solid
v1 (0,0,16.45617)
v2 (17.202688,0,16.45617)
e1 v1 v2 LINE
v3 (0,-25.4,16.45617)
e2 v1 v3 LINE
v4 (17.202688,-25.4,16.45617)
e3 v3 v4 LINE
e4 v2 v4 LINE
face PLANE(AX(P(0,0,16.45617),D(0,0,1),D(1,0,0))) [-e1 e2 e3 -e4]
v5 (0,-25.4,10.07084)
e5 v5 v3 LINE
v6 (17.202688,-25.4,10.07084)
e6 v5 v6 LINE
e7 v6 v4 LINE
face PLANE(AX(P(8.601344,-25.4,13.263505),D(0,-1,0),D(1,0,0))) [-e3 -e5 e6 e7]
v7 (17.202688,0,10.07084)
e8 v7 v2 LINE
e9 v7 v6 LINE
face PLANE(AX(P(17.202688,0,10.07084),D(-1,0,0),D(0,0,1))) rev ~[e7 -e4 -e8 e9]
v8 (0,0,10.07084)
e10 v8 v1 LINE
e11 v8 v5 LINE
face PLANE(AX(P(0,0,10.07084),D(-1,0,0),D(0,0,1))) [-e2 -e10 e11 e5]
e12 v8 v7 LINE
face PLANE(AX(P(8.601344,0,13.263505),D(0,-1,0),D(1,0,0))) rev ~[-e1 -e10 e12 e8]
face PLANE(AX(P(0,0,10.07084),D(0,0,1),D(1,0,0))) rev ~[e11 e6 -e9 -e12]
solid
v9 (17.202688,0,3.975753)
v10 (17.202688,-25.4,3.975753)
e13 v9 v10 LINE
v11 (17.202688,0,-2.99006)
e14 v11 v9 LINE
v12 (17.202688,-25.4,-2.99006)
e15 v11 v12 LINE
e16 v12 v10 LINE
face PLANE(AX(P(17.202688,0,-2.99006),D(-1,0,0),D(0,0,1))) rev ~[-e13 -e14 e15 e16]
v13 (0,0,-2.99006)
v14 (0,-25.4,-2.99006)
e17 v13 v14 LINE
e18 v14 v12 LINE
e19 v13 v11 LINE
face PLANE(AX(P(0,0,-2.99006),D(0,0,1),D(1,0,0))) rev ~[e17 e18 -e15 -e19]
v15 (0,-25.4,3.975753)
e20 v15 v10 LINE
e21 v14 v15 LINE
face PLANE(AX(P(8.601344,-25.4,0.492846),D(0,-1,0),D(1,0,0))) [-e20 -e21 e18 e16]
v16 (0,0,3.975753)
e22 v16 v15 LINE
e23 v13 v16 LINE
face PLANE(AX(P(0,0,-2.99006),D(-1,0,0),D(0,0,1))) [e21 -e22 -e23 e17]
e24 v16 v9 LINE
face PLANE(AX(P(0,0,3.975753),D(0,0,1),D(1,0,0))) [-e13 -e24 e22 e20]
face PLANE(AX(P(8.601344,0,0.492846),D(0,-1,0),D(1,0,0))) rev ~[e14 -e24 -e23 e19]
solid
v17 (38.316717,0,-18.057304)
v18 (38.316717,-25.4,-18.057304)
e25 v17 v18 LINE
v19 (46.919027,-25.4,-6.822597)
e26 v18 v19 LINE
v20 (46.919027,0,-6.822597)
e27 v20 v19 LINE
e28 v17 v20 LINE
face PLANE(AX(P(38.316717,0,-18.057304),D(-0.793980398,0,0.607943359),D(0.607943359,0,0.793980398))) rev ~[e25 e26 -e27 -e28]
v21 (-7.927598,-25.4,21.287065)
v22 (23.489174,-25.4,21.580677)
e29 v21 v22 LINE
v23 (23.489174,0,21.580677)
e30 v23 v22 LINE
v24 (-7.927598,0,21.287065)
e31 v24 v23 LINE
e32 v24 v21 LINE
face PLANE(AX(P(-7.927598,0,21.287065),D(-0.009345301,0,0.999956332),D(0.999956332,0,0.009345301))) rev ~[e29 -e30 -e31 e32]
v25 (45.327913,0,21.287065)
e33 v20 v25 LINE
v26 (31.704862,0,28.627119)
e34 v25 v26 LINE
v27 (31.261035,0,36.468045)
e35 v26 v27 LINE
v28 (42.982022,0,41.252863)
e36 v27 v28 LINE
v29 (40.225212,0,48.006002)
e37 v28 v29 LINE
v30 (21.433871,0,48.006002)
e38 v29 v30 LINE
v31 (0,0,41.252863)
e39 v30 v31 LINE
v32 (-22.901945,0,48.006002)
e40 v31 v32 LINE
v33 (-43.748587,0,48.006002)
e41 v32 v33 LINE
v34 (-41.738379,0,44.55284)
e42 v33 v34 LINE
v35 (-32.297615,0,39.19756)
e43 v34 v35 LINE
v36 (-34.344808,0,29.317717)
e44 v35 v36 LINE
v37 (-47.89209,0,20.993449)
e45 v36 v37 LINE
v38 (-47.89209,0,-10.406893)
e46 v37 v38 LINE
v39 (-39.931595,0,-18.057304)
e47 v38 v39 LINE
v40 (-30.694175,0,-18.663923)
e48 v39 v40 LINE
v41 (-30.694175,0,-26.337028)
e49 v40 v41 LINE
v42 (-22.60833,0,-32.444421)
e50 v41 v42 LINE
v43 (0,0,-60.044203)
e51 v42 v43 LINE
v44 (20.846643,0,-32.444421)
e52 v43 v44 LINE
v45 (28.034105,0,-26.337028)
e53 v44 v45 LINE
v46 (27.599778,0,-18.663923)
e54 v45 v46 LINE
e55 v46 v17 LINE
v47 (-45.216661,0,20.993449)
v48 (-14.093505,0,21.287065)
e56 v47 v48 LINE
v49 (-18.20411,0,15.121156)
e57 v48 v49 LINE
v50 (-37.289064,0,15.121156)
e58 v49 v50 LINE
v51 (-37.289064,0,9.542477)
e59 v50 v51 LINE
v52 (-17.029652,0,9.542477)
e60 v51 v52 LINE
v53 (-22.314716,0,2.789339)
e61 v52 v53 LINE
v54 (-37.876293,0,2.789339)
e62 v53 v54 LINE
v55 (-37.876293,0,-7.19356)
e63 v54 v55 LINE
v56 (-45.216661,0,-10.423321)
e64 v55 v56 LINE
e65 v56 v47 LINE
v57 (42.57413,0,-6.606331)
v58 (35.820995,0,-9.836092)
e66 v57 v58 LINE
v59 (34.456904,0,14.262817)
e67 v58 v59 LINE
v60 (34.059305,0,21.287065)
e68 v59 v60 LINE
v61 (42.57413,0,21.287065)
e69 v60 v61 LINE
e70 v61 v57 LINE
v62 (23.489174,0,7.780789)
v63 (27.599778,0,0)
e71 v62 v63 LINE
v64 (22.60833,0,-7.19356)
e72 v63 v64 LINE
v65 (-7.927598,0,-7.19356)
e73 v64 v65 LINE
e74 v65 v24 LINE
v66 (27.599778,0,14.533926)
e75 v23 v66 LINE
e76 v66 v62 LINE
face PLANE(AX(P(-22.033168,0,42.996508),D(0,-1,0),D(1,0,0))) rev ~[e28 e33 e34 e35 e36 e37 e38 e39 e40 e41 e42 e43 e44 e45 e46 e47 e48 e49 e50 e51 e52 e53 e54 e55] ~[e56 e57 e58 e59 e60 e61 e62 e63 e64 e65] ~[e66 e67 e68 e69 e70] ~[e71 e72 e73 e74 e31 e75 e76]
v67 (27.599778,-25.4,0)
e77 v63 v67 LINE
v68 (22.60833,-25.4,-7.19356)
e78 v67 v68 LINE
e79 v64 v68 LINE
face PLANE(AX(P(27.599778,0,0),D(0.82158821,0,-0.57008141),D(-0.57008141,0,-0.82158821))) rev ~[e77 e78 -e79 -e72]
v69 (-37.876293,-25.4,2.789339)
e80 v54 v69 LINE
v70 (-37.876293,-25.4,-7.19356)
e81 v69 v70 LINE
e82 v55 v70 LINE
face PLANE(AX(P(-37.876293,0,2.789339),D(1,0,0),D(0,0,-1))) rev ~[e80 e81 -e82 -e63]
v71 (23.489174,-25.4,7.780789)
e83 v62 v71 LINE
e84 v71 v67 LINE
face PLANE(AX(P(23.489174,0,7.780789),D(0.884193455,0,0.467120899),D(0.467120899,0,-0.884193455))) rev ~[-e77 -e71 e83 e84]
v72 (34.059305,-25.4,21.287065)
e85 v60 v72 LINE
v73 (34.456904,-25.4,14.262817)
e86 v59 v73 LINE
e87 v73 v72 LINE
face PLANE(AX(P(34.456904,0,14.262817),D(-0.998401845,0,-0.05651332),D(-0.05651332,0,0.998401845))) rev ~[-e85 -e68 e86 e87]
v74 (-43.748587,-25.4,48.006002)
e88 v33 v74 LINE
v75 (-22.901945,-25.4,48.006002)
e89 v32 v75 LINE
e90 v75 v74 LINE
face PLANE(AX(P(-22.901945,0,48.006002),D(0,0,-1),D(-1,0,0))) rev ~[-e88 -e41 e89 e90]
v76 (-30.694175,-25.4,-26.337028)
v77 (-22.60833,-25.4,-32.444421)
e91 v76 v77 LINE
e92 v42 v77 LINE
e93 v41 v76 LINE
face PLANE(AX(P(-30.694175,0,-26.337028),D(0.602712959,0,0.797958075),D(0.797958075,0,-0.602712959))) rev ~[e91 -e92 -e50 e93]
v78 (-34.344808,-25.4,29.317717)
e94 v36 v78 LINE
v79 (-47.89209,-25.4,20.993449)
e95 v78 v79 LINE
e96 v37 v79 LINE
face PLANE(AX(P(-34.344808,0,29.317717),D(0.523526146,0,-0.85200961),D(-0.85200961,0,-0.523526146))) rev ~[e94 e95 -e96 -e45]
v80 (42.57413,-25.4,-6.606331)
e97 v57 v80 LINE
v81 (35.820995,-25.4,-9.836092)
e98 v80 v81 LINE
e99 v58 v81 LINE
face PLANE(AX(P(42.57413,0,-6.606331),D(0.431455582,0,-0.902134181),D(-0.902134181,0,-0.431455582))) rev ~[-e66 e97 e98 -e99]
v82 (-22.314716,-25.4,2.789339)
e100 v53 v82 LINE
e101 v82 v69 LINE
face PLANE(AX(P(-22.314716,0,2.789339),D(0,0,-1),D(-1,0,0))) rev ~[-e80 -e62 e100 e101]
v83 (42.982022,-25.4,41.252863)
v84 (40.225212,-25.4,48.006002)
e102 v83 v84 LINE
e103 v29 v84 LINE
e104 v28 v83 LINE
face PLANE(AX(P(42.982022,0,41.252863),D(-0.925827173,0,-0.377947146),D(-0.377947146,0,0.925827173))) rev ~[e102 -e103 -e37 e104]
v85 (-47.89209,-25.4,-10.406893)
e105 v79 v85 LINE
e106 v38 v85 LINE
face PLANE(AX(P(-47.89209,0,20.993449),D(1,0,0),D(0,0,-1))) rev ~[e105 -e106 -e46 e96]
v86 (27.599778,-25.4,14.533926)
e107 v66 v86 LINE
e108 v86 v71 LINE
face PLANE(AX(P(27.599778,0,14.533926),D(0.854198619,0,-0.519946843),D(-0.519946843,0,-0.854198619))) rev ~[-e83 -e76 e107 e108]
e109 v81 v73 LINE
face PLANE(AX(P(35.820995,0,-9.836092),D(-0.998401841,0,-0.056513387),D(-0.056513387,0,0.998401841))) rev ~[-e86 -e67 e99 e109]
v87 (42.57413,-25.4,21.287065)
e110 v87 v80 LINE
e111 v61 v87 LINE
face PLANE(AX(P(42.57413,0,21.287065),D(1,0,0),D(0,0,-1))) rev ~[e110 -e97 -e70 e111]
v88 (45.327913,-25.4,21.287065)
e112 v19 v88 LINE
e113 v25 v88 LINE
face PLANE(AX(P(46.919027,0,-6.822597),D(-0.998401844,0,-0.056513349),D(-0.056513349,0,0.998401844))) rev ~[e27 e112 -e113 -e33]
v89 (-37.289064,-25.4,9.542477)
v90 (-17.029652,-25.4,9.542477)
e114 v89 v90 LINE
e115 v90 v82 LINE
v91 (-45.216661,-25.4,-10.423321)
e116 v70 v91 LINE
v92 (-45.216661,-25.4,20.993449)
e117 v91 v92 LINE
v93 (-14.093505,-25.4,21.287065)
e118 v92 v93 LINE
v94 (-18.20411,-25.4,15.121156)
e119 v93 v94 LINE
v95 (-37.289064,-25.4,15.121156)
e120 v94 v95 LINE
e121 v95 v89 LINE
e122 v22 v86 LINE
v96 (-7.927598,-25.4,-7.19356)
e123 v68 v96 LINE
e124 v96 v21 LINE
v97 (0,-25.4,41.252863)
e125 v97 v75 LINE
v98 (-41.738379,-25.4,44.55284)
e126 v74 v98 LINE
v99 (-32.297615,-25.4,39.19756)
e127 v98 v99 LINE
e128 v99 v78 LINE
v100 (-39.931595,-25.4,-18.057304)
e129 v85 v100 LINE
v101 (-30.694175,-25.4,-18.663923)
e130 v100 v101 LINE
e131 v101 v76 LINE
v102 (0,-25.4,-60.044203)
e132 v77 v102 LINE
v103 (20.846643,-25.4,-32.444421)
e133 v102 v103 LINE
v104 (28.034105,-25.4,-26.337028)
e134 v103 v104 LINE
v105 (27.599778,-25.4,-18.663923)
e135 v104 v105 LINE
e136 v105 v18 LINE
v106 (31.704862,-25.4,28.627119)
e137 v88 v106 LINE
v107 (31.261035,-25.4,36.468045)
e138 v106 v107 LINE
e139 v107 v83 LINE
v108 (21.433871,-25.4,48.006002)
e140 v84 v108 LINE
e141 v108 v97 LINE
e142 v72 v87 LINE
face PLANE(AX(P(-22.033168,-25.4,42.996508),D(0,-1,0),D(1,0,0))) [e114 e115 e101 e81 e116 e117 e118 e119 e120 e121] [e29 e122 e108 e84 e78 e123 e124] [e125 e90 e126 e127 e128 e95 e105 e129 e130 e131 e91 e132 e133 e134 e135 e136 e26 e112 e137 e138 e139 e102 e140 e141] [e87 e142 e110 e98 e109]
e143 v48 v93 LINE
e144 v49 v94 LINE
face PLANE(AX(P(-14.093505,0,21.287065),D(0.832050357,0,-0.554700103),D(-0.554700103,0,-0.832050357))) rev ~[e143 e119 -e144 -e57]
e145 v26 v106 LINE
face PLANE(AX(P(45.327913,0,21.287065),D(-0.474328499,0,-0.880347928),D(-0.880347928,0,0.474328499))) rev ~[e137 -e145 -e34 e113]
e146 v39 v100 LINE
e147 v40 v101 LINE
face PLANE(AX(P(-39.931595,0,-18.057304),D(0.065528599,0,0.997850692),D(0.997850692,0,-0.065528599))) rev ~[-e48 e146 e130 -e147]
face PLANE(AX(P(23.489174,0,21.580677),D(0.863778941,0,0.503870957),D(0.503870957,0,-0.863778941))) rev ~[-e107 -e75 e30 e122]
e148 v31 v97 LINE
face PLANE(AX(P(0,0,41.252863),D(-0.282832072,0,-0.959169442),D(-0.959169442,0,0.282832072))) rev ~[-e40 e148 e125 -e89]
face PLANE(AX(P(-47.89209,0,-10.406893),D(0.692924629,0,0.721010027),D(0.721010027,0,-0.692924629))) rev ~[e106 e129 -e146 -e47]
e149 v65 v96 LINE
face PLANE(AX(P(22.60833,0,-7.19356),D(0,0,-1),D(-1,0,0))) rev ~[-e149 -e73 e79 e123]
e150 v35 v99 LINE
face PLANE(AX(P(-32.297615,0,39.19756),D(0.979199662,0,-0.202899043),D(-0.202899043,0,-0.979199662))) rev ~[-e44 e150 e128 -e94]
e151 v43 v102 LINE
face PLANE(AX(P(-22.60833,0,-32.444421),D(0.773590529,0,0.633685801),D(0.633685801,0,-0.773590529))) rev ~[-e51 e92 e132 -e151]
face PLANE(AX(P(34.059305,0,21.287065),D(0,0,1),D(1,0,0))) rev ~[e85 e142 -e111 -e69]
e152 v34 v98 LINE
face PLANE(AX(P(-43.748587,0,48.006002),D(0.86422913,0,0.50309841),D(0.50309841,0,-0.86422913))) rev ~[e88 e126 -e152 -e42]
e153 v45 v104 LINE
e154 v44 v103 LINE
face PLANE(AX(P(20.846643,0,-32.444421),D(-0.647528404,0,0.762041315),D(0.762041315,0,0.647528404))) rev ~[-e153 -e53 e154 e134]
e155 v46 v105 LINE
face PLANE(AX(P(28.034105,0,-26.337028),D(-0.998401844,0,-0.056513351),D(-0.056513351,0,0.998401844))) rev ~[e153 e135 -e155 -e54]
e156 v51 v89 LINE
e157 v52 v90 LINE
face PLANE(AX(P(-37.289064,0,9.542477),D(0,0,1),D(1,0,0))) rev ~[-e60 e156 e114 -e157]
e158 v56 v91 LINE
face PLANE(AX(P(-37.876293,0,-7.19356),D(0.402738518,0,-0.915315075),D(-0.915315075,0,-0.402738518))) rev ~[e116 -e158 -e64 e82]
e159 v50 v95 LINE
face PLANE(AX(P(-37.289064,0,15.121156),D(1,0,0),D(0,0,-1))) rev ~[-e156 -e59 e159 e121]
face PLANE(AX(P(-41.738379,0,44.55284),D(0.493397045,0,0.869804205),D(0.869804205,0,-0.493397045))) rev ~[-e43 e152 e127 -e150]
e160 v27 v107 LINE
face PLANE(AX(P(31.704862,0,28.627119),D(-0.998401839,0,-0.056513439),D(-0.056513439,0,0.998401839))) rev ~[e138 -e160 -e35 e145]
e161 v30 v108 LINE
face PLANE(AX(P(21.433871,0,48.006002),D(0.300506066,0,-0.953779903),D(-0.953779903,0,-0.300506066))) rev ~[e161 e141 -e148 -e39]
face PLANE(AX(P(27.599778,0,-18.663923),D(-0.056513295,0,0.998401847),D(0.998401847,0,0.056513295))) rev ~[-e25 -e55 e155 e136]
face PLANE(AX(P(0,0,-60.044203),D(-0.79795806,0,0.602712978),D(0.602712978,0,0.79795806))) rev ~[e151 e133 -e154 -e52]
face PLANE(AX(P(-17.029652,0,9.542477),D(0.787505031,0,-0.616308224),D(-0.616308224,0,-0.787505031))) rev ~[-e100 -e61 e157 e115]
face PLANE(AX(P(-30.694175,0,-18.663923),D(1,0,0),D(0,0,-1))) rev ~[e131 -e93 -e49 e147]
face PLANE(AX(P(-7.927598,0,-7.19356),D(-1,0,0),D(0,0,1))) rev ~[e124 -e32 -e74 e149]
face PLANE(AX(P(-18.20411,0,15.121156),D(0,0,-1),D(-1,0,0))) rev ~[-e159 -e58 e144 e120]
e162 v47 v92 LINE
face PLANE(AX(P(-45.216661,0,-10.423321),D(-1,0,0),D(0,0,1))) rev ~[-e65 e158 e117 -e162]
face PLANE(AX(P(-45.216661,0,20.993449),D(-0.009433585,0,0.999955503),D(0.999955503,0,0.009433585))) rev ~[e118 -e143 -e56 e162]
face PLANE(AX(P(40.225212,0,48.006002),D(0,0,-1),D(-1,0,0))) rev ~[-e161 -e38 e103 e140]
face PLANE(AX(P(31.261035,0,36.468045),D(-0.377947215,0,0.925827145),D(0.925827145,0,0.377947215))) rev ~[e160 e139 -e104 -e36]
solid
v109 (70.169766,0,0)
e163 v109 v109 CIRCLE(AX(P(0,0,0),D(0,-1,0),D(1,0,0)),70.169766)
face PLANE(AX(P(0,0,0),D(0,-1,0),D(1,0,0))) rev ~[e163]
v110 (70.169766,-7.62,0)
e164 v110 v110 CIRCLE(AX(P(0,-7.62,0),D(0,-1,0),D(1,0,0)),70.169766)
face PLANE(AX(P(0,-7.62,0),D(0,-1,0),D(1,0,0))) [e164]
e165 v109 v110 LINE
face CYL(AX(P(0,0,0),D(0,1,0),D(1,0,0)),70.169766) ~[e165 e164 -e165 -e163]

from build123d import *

# Parameters (mm, degrees)
F1_DEPTH = 25.4
F2_W     = 17.202688
F2_H     = 6.38533
F2_H_2   = 6.965813
F3_DEPTH = 25.4
F4_R     = 70.169766
F5_DEPTH = 7.62


with BuildPart() as f1:
    # F0 (on Front) → F1 (new body)
    with BuildSketch(Plane.XZ):
        Polygon((-41.738379, 44.55284), (-32.297615, 39.19756), (-16.148807, 40.111645), (-9.534805, 35.702311), (0, 41.252863), (-22.901945, 48.006002), (-43.748587, 48.006002), align=None)
        Polygon((21.433871, 48.006002), (0, 41.252863), (4.123883, 34.168806), (16.442424, 39.19756), (31.0597, 40.024954), (31.261035, 36.468045), (42.982022, 41.252863), (40.225212, 48.006002), align=None)
        Polygon((-16.148807, 40.111645), (-32.297615, 39.19756), (-34.344808, 29.317717), (-47.89209, 20.993449), (-47.89209, -10.406893), (-39.931595, -18.057304), (-30.694175, -18.663923), (-30.694175, -26.337028), (-22.60833, -32.444421), (0, -60.044203), (20.846643, -32.444421), (28.034105, -26.337028), (27.599778, -18.663923), (38.316717, -18.057304), (46.919027, -6.822597), (45.327913, 21.287065), (31.704862, 28.627119), (31.261035, 36.468045), (31.0597, 40.024954), (16.442424, 39.19756), (4.123883, 34.168806), (-2.920803, 31.292978), (-9.534805, 35.702311), align=None)
        Polygon((-45.216661, 20.993449), (-14.093505, 21.287065), (-18.20411, 15.121156), (-37.289064, 15.121156), (-37.289064, 9.542477), (-17.029652, 9.542477), (-22.314716, 2.789339), (-32.297615, 2.789339), (-37.876293, 2.789339), (-37.876293, -7.19356), (-45.216661, -10.423321), (-45.216661, 19.489946), align=None, mode=Mode.SUBTRACT)
        Polygon((-7.927598, 7.780789), (-7.927598, 21.287065), (23.489174, 21.580677), (27.599778, 14.533926), (23.489174, 7.780789), (27.599778, 0), (22.60833, -7.19356), (-7.927598, -7.19356), align=None, mode=Mode.SUBTRACT)
        Polygon((35.820995, -9.836092), (34.456904, 14.262817), (34.059305, 21.287065), (42.57413, 21.287065), (42.57413, -6.606331), align=None, mode=Mode.SUBTRACT)
        Polygon((0, 41.252863), (-9.534805, 35.702311), (-2.920803, 31.292978), (4.123883, 34.168806), align=None)
    extrude(amount=F1_DEPTH)


with BuildPart() as f3:
    # F2 (on Front) → F3 (new body)
    with BuildSketch(Plane.XZ):
        with Locations((8.601344, 13.263505)):
            Rectangle(F2_W, F2_H)
        with Locations((8.601344, 0.492846)):
            Rectangle(F2_W, F2_H_2)
    extrude(amount=F3_DEPTH)


with BuildPart() as f5:
    # F4 (on Front) → F5 (new body)
    with BuildSketch(Plane.XZ):
        Circle(F4_R)
    extrude(amount=F5_DEPTH)


solid = Compound([f1.part, f3.part, f5.part])
